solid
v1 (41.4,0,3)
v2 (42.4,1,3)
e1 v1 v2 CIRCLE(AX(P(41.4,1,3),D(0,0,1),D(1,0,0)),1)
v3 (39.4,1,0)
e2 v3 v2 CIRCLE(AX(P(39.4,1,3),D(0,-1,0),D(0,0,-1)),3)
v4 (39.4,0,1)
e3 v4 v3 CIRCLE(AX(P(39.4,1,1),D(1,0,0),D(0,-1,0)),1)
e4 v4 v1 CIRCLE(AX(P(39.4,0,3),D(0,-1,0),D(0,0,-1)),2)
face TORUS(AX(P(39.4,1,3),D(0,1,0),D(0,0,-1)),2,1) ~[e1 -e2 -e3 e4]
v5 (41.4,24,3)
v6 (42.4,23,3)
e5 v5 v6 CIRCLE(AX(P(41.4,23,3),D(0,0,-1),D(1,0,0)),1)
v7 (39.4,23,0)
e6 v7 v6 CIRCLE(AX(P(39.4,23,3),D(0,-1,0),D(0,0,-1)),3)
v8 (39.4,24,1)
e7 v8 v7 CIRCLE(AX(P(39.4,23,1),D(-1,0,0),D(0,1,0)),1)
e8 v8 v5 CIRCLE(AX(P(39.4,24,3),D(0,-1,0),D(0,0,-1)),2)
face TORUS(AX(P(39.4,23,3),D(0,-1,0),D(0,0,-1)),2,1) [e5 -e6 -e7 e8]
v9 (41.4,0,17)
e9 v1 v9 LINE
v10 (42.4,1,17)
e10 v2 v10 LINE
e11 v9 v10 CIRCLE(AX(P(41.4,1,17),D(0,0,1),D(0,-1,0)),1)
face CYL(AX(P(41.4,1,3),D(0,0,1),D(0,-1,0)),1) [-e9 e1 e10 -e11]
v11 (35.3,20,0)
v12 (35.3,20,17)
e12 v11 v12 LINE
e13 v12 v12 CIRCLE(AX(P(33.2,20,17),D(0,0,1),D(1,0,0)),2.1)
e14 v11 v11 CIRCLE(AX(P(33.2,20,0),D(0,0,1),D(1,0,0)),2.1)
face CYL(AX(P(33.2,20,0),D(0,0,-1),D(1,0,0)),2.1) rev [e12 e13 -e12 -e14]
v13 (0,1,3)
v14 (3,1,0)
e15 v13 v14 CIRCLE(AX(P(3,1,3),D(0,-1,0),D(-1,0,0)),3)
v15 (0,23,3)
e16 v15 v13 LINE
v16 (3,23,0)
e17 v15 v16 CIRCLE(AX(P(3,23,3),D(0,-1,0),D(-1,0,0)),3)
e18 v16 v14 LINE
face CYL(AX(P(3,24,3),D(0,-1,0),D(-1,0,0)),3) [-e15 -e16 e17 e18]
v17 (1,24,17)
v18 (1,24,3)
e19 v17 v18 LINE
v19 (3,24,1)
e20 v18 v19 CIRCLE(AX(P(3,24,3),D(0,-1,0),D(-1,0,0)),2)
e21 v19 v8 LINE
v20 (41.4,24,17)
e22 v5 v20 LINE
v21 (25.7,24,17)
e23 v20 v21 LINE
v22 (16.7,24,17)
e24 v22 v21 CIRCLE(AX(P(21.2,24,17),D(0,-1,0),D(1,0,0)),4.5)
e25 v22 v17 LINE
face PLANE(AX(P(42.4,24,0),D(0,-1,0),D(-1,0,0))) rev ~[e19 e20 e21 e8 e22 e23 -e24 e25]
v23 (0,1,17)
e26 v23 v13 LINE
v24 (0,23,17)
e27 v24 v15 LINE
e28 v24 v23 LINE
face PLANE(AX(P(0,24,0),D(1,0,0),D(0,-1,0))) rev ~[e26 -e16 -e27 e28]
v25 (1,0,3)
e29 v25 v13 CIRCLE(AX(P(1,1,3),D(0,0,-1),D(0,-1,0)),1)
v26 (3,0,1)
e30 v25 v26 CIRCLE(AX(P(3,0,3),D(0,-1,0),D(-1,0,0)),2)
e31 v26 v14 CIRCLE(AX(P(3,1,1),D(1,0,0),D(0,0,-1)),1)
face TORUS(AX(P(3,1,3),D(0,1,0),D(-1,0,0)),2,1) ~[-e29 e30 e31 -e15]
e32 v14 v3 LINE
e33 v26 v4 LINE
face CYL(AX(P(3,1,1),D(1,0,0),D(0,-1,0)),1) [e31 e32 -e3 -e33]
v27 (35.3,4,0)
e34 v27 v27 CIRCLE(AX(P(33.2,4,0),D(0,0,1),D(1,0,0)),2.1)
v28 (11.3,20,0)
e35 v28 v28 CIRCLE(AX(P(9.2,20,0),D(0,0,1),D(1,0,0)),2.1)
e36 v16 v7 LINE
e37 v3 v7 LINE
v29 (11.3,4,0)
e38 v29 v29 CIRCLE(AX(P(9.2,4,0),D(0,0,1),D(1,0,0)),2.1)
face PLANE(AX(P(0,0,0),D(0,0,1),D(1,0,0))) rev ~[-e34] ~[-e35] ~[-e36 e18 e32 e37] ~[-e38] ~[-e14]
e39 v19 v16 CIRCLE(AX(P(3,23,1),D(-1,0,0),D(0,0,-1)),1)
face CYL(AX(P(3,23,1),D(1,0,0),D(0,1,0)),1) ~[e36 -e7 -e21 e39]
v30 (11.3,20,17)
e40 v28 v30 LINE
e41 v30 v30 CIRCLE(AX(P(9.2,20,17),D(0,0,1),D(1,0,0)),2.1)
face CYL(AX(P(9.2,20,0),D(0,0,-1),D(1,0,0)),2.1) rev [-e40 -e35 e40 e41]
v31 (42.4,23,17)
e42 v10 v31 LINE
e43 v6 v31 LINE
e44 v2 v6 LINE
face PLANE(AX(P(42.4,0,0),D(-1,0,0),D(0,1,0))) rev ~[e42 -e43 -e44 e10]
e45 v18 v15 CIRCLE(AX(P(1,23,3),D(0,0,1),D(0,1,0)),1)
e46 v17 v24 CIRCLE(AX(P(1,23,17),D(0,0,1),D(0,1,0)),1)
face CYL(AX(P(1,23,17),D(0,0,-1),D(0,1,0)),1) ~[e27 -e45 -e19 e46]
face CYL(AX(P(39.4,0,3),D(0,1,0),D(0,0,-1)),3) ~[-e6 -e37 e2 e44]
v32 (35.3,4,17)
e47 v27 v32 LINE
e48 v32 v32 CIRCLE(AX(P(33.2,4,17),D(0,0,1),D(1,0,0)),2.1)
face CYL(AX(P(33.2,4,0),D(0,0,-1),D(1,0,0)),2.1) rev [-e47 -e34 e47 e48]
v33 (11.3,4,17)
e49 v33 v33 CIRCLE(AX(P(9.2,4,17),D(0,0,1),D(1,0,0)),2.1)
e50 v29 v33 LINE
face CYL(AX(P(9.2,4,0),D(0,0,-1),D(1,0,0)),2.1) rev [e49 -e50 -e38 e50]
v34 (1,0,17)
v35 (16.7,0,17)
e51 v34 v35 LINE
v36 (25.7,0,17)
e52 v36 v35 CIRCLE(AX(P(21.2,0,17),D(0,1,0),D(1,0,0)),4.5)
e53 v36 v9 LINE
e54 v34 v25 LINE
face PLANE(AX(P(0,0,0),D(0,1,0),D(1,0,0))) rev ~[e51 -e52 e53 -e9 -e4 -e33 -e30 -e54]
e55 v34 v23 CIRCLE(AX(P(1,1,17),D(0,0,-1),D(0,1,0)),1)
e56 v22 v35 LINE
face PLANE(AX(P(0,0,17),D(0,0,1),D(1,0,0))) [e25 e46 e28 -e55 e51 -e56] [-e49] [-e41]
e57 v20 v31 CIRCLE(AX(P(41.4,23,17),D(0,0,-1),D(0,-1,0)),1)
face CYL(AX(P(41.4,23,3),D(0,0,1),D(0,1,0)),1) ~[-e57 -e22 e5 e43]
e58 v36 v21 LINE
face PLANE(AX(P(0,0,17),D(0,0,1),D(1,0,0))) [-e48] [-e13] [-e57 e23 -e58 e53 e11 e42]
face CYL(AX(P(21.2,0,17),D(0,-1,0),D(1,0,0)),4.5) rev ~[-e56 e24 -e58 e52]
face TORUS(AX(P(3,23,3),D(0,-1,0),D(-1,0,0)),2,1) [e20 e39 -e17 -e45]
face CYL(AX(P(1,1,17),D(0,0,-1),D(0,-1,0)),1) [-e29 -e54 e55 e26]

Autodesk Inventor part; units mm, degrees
ref_plane "YZ Plane" through (0, 0, 0) normal (1, 0, 0) x (0, 1, 0)
ref_plane "XZ Plane" through (0, 0, 0) normal (0, 1, 0) x (-1, 0, 0)
ref_plane "XY Plane" through (0, 0, 0) normal (0, 0, 1) x (1, 0, 0)
sketch "Sketch1" plane through (0, 0, 0) normal (0, 0, 1) x (1, 0, 0)
  line L0 (0, 0) -> (42.4, 0)
  line L1 (42.4, 0) -> (42.4, 24)
  line L2 (42.4, 24) -> (0, 24)
  line L3 (0, 24) -> (0, 0)
  circle A0 centre (9.2, 20) radius 2.1
  circle A1 centre (33.2, 20) radius 2.1
  circle A2 centre (33.2, 4) radius 2.1
  circle A3 centre (9.2, 4) radius 2.1
  dimension "d0" = 24
  dimension "d1" = 42.4
  dimension "d2" = 4.2
  dimension "d3" = 9.2
  dimension "d4" = 9.2
  dimension "d5" = 9.2
  dimension "d6" = 9.2
  dimension "d7" = 4
  dimension "d8" = 4
  dimension "d9" = 4
  dimension "d10" = 4
extrude "Extrusion1" add sketch "Sketch1" along normal blind 17
sketch "Sketch2" plane through (0, 0, 0) normal (0, -1, 0) x (1, 0, 0)
  line L0 (42.4, 17) -> (0, 17) projected
  line L1 (0, 0) -> (0, 17) projected
  circle A0 centre (21.2, 17) radius 4.5
  dimension "d13" = 9
  dimension "d14" = 21.2
  dimension "d15" = 0
extrude "Extrusion2" cut sketch "Sketch2" against normal through all
sketch "Sketch3" plane through (0, 0, 0) normal (0, 0, -1) x (-1, 0, 0)
  arc A0 (-35.3, 4) -> (-35.3, 4) centre (-33.2, 4) ccw projected
  arc A1 (-11.3, 4) -> (-11.3, 4) centre (-9.2, 4) ccw projected
  circle A2 centre (-33.2, 20) radius 2.1 projected
  circle A3 centre (-9.2, 20) radius 2.1 projected
  circle A4 centre (-33.2, 20) radius 4.25
  circle A5 centre (-9.2, 20) radius 4.25
  circle A6 centre (-9.2, 4) radius 4.25
  circle A7 centre (-33.2, 4) radius 4.25
  point P0 (0, 0)
  dimension "d20" = 8.5
extrude "Extrusion3" [suppressed]
sketch "Sketch4" plane through (21.2, 0, 17) normal (0, -1, 0) x (1, 0, 0)
  line L0 (-26.3081, 1.9971) -> (24.247, 1.9971)
  line L1 (24.247, 1.9971) -> (24.247, -18.7305)
  line L2 (24.247, -18.7305) -> (-26.3081, -18.7305)
  line L3 (-26.3081, -18.7305) -> (-26.3081, 1.9971)
  point P0 (-21.2, -17)
extrude "Extrusion4" [suppressed]
fillet "Fillet3" radius 3 2 edges at (42.4, 12, 0) (0, 12, 0)
fillet "Fillet4" radius 1 10 edges at (41.5213, 24, 0.8787) (21.2, 24, 0) (42.4, 24, 10) (0.8787, 24, 0.8787) (0, 24, 10) (41.5213, 0, 0.8787) (21.2, 0, 0) (42.4, 0, 10) (0, 0, 10) (0.8787, 0, 0.8787)
sketch "Sketch7" plane through (42.4, 1, 3) normal (1, 0, 0) x (0, 0, -1)
  line L0 (-14, 22) -> (-14, 0) projected
  circle A0 centre (-6.5, 11) radius 3
  line L1 (0, 23) -> (-14, 23) projected
  point P0 (3, -1)
  dimension "d35" = 12
  dimension "d36" = 6
  dimension "d37" = 7.5
extrude "Extrusion6" [suppressed]
properties part number "Z move clamp"
